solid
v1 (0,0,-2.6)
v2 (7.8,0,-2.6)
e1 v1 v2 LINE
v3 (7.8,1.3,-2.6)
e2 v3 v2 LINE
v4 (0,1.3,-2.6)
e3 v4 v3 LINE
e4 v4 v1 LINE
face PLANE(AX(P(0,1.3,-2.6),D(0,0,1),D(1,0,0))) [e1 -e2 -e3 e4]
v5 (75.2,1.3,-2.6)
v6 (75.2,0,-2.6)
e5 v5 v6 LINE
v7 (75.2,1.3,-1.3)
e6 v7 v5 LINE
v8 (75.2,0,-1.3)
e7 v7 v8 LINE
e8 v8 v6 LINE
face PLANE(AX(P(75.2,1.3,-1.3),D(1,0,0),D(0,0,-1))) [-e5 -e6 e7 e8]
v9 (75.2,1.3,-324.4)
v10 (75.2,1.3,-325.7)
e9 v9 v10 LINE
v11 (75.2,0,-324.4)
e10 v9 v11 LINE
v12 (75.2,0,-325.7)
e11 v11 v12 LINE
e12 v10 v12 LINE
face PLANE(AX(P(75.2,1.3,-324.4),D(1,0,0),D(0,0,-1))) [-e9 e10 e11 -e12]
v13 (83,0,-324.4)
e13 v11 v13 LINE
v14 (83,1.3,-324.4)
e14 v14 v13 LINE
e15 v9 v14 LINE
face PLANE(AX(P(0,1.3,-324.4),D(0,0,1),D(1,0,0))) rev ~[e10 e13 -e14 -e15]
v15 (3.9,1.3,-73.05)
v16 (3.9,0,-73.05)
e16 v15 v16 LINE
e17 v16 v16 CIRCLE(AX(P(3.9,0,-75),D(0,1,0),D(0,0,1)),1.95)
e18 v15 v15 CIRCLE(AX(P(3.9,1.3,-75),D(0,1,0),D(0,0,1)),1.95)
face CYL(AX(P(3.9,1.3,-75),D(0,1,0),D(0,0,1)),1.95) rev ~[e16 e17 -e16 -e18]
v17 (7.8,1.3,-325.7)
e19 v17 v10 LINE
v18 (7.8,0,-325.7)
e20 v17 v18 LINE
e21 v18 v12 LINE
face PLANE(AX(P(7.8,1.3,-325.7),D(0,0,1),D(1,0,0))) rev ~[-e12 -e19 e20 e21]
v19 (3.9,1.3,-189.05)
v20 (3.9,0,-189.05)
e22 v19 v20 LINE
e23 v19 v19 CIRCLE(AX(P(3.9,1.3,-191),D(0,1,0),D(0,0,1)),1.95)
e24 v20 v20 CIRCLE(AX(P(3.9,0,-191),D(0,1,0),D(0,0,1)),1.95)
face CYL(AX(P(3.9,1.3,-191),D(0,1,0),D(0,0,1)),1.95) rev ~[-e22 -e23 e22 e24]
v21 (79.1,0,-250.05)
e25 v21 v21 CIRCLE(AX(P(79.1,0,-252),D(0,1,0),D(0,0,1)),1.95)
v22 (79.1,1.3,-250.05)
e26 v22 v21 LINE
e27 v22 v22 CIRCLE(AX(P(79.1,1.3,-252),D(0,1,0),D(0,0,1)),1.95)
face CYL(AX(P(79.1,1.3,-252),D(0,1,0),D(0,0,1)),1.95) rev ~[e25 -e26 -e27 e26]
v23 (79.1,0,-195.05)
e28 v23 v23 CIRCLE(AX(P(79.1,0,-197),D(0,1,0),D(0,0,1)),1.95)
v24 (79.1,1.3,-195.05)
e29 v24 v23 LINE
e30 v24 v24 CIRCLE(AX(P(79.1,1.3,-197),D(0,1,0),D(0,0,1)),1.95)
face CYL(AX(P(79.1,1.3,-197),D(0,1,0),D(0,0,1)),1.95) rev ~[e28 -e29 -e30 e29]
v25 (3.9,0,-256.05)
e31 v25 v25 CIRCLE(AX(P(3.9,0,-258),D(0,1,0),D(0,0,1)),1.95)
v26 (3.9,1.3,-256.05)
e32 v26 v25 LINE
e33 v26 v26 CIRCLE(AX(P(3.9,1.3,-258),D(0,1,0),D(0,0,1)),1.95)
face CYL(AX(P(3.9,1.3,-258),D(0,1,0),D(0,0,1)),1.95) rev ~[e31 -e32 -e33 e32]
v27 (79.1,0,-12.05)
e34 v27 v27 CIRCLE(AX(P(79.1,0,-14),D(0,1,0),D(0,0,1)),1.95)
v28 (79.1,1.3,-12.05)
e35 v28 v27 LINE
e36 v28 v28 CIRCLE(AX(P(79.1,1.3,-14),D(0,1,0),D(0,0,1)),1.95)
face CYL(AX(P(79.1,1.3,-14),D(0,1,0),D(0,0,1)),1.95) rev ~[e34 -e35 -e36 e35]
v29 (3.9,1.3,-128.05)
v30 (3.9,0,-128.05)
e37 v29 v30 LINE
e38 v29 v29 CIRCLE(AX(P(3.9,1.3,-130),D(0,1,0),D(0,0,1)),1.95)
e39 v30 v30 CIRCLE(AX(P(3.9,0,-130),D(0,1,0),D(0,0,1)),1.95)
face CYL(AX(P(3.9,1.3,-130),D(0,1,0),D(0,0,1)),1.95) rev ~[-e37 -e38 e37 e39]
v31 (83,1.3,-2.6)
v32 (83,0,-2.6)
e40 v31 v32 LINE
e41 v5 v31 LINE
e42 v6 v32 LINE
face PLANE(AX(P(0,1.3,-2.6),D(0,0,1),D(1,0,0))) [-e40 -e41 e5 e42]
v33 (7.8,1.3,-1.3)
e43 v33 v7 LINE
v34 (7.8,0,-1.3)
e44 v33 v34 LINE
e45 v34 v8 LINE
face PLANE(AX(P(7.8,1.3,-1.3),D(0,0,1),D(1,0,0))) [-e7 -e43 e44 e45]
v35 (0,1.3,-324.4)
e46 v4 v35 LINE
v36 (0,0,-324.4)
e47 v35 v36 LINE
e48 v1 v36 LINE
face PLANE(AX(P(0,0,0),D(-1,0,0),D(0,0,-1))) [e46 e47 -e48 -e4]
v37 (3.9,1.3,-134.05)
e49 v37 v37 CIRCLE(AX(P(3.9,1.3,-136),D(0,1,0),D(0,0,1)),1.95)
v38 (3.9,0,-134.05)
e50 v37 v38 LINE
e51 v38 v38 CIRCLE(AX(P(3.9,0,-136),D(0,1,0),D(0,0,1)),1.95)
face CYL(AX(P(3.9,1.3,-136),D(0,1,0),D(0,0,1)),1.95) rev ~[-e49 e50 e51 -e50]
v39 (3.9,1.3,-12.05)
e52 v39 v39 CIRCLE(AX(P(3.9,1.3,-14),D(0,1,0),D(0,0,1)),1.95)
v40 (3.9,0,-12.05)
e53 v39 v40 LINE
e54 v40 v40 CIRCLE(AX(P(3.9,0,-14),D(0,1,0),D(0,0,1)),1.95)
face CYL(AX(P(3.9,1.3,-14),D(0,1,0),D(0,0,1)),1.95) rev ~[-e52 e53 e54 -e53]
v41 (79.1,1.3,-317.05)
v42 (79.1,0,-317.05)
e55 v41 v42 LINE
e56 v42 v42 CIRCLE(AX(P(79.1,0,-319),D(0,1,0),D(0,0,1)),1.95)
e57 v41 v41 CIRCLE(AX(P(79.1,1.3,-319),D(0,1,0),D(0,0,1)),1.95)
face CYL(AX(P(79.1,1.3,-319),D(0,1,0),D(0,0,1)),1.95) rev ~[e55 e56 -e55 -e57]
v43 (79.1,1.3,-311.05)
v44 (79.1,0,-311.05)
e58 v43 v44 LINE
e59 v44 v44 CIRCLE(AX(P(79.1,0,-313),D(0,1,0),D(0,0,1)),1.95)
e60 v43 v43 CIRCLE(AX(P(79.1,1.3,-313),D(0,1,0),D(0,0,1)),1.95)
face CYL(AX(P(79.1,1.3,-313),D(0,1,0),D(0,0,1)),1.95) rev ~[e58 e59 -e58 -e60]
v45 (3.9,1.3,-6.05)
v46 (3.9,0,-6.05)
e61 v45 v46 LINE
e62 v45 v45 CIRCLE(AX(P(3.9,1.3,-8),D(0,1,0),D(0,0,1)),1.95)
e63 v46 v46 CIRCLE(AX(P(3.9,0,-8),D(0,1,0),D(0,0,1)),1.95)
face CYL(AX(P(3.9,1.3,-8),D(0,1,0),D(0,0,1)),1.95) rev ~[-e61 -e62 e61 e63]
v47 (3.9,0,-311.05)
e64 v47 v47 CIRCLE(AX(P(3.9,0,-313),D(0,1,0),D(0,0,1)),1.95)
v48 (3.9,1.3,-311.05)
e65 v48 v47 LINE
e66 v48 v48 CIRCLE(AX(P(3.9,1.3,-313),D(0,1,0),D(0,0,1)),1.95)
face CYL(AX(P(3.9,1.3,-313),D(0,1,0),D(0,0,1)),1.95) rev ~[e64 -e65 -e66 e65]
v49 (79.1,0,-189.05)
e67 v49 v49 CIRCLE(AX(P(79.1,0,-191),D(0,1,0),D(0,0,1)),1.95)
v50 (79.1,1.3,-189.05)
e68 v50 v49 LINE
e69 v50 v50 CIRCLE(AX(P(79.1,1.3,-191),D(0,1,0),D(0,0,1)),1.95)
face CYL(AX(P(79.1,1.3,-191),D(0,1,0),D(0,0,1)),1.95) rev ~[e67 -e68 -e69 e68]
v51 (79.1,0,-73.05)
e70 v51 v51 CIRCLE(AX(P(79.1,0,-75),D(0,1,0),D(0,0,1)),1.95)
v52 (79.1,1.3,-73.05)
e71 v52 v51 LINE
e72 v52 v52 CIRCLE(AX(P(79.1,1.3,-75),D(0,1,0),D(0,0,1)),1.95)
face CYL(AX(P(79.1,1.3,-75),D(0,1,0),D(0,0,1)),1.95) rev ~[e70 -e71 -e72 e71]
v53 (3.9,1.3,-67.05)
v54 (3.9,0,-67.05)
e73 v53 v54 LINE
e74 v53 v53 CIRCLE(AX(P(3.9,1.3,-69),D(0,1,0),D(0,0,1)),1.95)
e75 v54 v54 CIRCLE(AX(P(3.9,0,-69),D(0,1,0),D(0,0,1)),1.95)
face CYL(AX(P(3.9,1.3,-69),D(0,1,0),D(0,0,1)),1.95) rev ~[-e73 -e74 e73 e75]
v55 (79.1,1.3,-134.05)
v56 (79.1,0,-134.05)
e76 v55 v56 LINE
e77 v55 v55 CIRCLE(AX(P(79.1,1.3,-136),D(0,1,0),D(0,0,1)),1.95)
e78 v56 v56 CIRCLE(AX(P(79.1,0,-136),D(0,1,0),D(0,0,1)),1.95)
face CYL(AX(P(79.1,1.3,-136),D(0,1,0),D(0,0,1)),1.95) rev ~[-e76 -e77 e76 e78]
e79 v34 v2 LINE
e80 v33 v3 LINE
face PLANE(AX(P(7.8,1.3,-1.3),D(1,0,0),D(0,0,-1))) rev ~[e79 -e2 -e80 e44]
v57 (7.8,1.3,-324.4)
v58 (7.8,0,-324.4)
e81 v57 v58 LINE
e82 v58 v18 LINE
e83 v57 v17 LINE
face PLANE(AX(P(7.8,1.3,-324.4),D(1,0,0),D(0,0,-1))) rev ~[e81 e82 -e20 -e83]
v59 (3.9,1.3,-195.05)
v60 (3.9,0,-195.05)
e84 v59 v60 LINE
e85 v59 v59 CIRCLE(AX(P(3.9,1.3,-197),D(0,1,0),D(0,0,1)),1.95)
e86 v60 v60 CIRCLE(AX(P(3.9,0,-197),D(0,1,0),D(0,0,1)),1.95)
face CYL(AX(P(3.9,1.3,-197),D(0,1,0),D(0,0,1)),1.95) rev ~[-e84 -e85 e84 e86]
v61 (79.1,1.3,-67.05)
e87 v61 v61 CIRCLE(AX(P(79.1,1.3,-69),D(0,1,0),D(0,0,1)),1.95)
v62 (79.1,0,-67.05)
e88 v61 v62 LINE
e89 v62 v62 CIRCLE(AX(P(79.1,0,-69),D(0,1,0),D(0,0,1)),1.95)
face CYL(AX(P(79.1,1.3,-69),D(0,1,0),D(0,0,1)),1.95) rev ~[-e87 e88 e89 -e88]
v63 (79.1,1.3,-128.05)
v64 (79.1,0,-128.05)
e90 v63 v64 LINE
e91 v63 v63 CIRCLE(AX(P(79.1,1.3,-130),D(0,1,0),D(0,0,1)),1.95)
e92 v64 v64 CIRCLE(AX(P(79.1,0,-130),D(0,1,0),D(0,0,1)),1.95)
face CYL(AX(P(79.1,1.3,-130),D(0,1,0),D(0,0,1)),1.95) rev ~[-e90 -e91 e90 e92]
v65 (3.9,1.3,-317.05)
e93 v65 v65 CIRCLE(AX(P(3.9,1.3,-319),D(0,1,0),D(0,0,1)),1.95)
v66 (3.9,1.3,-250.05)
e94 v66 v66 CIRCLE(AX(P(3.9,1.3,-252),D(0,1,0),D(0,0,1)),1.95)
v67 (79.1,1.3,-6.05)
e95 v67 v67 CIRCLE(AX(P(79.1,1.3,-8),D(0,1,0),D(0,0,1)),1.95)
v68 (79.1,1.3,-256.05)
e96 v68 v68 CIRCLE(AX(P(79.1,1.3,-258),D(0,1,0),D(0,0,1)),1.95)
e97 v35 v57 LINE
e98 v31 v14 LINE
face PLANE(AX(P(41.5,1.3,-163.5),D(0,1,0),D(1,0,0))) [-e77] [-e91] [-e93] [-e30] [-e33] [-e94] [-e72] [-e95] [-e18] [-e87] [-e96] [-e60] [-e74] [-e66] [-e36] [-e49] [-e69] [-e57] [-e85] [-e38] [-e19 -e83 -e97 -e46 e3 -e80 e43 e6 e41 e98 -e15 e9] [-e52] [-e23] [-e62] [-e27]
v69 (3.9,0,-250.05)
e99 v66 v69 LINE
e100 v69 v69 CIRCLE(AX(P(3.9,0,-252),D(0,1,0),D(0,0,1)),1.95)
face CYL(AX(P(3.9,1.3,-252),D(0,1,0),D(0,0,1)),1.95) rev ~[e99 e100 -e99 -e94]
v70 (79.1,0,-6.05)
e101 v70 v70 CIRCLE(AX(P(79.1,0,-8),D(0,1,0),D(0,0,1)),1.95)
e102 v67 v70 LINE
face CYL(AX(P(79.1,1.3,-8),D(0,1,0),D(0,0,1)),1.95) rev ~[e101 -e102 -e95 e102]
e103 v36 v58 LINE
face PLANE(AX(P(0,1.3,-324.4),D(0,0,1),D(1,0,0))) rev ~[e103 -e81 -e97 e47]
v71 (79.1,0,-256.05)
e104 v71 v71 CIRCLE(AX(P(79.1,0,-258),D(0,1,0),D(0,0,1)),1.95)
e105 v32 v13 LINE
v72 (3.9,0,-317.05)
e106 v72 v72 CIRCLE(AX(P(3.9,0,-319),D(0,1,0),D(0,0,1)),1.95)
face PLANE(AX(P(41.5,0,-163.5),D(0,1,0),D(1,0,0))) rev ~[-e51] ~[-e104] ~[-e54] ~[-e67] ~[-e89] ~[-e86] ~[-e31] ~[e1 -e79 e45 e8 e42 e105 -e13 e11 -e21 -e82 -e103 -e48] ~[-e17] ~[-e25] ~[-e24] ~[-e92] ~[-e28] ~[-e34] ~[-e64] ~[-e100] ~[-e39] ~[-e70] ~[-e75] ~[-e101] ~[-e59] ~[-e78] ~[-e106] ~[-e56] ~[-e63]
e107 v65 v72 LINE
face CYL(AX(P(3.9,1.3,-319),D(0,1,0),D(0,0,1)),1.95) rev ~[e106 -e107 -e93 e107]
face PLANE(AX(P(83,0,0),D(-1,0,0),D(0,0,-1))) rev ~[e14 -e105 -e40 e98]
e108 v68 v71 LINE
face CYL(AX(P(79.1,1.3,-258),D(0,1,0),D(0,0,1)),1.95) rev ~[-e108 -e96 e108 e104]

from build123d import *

# Parameters (mm, degrees)
SKETCH1_W           = 83
SKETCH1_H           = 327
BOSS_EXTRUDE1_DEPTH = 1.3
SKETCH2_R           = 1.95
CUT_EXTRUDE1_DEPTH  = 10
SKETCH4_W           = 83
SKETCH4_H           = 2.6
CUT_EXTRUDE2_DEPTH  = 10
SKETCH5_W           = 67.4
SKETCH5_H           = 1.3
BOSS_EXTRUDE2_DEPTH = 1.3


with BuildPart() as part:
    # Sketch1 → Boss-Extrude1 (new body)
    with BuildSketch(Plane(origin=(0, 0, 0), x_dir=(1, 0, 0), z_dir=(0, 1, 0))):
        with Locations((41.5, 163.5)):
            Rectangle(SKETCH1_W, SKETCH1_H)
    extrude(amount=BOSS_EXTRUDE1_DEPTH)

    # Sketch2 → Cut-Extrude1 (cut)
    with BuildSketch(Plane(origin=(0, 1.3, 0), x_dir=(1, 0, 0), z_dir=(0, 1, 0))):
        with Locations(Location((3.9, 319, 0), (0, 0, 270))):
            Circle(SKETCH2_R)
        with Locations(Location((3.9, 313, 0), (0, 0, 270))):
            Circle(SKETCH2_R)
        with Locations(Location((79.1, 319, 0), (0, 0, 270))):
            Circle(SKETCH2_R)
        with Locations(Location((79.1, 313, 0), (0, 0, 270))):
            Circle(SKETCH2_R)
        with Locations(Location((79.1, 258, 0), (0, 0, 270))):
            Circle(SKETCH2_R)
        with Locations(Location((79.1, 252, 0), (0, 0, 270))):
            Circle(SKETCH2_R)
        with Locations(Location((79.1, 197, 0), (0, 0, 270))):
            Circle(SKETCH2_R)
        with Locations(Location((79.1, 191, 0), (0, 0, 270))):
            Circle(SKETCH2_R)
        with Locations(Location((79.1, 136, 0), (0, 0, 270))):
            Circle(SKETCH2_R)
        with Locations(Location((79.1, 130, 0), (0, 0, 270))):
            Circle(SKETCH2_R)
        with Locations(Location((79.1, 75, 0), (0, 0, 270))):
            Circle(SKETCH2_R)
        with Locations(Location((79.1, 69, 0), (0, 0, 270))):
            Circle(SKETCH2_R)
        with Locations(Location((79.1, 14, 0), (0, 0, 270))):
            Circle(SKETCH2_R)
        with Locations(Location((79.1, 8, 0), (0, 0, 270))):
            Circle(SKETCH2_R)
        with Locations(Location((3.9, 258, 0), (0, 0, 270))):
            Circle(SKETCH2_R)
        with Locations(Location((3.9, 252, 0), (0, 0, 270))):
            Circle(SKETCH2_R)
        with Locations(Location((3.9, 197, 0), (0, 0, 270))):
            Circle(SKETCH2_R)
        with Locations(Location((3.9, 191, 0), (0, 0, 270))):
            Circle(SKETCH2_R)
        with Locations(Location((3.9, 136, 0), (0, 0, 270))):
            Circle(SKETCH2_R)
        with Locations(Location((3.9, 130, 0), (0, 0, 270))):
            Circle(SKETCH2_R)
        with Locations(Location((3.9, 75, 0), (0, 0, 270))):
            Circle(SKETCH2_R)
        with Locations(Location((3.9, 69, 0), (0, 0, 270))):
            Circle(SKETCH2_R)
        with Locations(Location((3.9, 14, 0), (0, 0, 270))):
            Circle(SKETCH2_R)
        with Locations(Location((3.9, 8, 0), (0, 0, 270))):
            Circle(SKETCH2_R)
    extrude(amount=-CUT_EXTRUDE1_DEPTH, mode=Mode.SUBTRACT)

    # Sketch4 → Cut-Extrude2 (cut)
    with BuildSketch(Plane(origin=(0, 1.3, 0), x_dir=(1, 0, 0), z_dir=(0, 1, 0))):
        with Locations((41.5, 325.7)):
            Rectangle(SKETCH4_W, SKETCH4_H)
        with Locations((41.5, 1.3)):
            Rectangle(SKETCH4_W, SKETCH4_H)
    extrude(amount=-CUT_EXTRUDE2_DEPTH, mode=Mode.SUBTRACT)

    # Sketch5 → Boss-Extrude2 (add)
    with BuildSketch(Plane(origin=(0, 1.3, 0), x_dir=(1, 0, 0), z_dir=(0, 1, 0))):
        with Locations((41.5, 325.05)):
            Rectangle(SKETCH5_W, SKETCH5_H)
        with Locations((41.5, 1.95)):
            Rectangle(SKETCH5_W, SKETCH5_H)
    extrude(amount=-BOSS_EXTRUDE2_DEPTH)


solid = part.part
